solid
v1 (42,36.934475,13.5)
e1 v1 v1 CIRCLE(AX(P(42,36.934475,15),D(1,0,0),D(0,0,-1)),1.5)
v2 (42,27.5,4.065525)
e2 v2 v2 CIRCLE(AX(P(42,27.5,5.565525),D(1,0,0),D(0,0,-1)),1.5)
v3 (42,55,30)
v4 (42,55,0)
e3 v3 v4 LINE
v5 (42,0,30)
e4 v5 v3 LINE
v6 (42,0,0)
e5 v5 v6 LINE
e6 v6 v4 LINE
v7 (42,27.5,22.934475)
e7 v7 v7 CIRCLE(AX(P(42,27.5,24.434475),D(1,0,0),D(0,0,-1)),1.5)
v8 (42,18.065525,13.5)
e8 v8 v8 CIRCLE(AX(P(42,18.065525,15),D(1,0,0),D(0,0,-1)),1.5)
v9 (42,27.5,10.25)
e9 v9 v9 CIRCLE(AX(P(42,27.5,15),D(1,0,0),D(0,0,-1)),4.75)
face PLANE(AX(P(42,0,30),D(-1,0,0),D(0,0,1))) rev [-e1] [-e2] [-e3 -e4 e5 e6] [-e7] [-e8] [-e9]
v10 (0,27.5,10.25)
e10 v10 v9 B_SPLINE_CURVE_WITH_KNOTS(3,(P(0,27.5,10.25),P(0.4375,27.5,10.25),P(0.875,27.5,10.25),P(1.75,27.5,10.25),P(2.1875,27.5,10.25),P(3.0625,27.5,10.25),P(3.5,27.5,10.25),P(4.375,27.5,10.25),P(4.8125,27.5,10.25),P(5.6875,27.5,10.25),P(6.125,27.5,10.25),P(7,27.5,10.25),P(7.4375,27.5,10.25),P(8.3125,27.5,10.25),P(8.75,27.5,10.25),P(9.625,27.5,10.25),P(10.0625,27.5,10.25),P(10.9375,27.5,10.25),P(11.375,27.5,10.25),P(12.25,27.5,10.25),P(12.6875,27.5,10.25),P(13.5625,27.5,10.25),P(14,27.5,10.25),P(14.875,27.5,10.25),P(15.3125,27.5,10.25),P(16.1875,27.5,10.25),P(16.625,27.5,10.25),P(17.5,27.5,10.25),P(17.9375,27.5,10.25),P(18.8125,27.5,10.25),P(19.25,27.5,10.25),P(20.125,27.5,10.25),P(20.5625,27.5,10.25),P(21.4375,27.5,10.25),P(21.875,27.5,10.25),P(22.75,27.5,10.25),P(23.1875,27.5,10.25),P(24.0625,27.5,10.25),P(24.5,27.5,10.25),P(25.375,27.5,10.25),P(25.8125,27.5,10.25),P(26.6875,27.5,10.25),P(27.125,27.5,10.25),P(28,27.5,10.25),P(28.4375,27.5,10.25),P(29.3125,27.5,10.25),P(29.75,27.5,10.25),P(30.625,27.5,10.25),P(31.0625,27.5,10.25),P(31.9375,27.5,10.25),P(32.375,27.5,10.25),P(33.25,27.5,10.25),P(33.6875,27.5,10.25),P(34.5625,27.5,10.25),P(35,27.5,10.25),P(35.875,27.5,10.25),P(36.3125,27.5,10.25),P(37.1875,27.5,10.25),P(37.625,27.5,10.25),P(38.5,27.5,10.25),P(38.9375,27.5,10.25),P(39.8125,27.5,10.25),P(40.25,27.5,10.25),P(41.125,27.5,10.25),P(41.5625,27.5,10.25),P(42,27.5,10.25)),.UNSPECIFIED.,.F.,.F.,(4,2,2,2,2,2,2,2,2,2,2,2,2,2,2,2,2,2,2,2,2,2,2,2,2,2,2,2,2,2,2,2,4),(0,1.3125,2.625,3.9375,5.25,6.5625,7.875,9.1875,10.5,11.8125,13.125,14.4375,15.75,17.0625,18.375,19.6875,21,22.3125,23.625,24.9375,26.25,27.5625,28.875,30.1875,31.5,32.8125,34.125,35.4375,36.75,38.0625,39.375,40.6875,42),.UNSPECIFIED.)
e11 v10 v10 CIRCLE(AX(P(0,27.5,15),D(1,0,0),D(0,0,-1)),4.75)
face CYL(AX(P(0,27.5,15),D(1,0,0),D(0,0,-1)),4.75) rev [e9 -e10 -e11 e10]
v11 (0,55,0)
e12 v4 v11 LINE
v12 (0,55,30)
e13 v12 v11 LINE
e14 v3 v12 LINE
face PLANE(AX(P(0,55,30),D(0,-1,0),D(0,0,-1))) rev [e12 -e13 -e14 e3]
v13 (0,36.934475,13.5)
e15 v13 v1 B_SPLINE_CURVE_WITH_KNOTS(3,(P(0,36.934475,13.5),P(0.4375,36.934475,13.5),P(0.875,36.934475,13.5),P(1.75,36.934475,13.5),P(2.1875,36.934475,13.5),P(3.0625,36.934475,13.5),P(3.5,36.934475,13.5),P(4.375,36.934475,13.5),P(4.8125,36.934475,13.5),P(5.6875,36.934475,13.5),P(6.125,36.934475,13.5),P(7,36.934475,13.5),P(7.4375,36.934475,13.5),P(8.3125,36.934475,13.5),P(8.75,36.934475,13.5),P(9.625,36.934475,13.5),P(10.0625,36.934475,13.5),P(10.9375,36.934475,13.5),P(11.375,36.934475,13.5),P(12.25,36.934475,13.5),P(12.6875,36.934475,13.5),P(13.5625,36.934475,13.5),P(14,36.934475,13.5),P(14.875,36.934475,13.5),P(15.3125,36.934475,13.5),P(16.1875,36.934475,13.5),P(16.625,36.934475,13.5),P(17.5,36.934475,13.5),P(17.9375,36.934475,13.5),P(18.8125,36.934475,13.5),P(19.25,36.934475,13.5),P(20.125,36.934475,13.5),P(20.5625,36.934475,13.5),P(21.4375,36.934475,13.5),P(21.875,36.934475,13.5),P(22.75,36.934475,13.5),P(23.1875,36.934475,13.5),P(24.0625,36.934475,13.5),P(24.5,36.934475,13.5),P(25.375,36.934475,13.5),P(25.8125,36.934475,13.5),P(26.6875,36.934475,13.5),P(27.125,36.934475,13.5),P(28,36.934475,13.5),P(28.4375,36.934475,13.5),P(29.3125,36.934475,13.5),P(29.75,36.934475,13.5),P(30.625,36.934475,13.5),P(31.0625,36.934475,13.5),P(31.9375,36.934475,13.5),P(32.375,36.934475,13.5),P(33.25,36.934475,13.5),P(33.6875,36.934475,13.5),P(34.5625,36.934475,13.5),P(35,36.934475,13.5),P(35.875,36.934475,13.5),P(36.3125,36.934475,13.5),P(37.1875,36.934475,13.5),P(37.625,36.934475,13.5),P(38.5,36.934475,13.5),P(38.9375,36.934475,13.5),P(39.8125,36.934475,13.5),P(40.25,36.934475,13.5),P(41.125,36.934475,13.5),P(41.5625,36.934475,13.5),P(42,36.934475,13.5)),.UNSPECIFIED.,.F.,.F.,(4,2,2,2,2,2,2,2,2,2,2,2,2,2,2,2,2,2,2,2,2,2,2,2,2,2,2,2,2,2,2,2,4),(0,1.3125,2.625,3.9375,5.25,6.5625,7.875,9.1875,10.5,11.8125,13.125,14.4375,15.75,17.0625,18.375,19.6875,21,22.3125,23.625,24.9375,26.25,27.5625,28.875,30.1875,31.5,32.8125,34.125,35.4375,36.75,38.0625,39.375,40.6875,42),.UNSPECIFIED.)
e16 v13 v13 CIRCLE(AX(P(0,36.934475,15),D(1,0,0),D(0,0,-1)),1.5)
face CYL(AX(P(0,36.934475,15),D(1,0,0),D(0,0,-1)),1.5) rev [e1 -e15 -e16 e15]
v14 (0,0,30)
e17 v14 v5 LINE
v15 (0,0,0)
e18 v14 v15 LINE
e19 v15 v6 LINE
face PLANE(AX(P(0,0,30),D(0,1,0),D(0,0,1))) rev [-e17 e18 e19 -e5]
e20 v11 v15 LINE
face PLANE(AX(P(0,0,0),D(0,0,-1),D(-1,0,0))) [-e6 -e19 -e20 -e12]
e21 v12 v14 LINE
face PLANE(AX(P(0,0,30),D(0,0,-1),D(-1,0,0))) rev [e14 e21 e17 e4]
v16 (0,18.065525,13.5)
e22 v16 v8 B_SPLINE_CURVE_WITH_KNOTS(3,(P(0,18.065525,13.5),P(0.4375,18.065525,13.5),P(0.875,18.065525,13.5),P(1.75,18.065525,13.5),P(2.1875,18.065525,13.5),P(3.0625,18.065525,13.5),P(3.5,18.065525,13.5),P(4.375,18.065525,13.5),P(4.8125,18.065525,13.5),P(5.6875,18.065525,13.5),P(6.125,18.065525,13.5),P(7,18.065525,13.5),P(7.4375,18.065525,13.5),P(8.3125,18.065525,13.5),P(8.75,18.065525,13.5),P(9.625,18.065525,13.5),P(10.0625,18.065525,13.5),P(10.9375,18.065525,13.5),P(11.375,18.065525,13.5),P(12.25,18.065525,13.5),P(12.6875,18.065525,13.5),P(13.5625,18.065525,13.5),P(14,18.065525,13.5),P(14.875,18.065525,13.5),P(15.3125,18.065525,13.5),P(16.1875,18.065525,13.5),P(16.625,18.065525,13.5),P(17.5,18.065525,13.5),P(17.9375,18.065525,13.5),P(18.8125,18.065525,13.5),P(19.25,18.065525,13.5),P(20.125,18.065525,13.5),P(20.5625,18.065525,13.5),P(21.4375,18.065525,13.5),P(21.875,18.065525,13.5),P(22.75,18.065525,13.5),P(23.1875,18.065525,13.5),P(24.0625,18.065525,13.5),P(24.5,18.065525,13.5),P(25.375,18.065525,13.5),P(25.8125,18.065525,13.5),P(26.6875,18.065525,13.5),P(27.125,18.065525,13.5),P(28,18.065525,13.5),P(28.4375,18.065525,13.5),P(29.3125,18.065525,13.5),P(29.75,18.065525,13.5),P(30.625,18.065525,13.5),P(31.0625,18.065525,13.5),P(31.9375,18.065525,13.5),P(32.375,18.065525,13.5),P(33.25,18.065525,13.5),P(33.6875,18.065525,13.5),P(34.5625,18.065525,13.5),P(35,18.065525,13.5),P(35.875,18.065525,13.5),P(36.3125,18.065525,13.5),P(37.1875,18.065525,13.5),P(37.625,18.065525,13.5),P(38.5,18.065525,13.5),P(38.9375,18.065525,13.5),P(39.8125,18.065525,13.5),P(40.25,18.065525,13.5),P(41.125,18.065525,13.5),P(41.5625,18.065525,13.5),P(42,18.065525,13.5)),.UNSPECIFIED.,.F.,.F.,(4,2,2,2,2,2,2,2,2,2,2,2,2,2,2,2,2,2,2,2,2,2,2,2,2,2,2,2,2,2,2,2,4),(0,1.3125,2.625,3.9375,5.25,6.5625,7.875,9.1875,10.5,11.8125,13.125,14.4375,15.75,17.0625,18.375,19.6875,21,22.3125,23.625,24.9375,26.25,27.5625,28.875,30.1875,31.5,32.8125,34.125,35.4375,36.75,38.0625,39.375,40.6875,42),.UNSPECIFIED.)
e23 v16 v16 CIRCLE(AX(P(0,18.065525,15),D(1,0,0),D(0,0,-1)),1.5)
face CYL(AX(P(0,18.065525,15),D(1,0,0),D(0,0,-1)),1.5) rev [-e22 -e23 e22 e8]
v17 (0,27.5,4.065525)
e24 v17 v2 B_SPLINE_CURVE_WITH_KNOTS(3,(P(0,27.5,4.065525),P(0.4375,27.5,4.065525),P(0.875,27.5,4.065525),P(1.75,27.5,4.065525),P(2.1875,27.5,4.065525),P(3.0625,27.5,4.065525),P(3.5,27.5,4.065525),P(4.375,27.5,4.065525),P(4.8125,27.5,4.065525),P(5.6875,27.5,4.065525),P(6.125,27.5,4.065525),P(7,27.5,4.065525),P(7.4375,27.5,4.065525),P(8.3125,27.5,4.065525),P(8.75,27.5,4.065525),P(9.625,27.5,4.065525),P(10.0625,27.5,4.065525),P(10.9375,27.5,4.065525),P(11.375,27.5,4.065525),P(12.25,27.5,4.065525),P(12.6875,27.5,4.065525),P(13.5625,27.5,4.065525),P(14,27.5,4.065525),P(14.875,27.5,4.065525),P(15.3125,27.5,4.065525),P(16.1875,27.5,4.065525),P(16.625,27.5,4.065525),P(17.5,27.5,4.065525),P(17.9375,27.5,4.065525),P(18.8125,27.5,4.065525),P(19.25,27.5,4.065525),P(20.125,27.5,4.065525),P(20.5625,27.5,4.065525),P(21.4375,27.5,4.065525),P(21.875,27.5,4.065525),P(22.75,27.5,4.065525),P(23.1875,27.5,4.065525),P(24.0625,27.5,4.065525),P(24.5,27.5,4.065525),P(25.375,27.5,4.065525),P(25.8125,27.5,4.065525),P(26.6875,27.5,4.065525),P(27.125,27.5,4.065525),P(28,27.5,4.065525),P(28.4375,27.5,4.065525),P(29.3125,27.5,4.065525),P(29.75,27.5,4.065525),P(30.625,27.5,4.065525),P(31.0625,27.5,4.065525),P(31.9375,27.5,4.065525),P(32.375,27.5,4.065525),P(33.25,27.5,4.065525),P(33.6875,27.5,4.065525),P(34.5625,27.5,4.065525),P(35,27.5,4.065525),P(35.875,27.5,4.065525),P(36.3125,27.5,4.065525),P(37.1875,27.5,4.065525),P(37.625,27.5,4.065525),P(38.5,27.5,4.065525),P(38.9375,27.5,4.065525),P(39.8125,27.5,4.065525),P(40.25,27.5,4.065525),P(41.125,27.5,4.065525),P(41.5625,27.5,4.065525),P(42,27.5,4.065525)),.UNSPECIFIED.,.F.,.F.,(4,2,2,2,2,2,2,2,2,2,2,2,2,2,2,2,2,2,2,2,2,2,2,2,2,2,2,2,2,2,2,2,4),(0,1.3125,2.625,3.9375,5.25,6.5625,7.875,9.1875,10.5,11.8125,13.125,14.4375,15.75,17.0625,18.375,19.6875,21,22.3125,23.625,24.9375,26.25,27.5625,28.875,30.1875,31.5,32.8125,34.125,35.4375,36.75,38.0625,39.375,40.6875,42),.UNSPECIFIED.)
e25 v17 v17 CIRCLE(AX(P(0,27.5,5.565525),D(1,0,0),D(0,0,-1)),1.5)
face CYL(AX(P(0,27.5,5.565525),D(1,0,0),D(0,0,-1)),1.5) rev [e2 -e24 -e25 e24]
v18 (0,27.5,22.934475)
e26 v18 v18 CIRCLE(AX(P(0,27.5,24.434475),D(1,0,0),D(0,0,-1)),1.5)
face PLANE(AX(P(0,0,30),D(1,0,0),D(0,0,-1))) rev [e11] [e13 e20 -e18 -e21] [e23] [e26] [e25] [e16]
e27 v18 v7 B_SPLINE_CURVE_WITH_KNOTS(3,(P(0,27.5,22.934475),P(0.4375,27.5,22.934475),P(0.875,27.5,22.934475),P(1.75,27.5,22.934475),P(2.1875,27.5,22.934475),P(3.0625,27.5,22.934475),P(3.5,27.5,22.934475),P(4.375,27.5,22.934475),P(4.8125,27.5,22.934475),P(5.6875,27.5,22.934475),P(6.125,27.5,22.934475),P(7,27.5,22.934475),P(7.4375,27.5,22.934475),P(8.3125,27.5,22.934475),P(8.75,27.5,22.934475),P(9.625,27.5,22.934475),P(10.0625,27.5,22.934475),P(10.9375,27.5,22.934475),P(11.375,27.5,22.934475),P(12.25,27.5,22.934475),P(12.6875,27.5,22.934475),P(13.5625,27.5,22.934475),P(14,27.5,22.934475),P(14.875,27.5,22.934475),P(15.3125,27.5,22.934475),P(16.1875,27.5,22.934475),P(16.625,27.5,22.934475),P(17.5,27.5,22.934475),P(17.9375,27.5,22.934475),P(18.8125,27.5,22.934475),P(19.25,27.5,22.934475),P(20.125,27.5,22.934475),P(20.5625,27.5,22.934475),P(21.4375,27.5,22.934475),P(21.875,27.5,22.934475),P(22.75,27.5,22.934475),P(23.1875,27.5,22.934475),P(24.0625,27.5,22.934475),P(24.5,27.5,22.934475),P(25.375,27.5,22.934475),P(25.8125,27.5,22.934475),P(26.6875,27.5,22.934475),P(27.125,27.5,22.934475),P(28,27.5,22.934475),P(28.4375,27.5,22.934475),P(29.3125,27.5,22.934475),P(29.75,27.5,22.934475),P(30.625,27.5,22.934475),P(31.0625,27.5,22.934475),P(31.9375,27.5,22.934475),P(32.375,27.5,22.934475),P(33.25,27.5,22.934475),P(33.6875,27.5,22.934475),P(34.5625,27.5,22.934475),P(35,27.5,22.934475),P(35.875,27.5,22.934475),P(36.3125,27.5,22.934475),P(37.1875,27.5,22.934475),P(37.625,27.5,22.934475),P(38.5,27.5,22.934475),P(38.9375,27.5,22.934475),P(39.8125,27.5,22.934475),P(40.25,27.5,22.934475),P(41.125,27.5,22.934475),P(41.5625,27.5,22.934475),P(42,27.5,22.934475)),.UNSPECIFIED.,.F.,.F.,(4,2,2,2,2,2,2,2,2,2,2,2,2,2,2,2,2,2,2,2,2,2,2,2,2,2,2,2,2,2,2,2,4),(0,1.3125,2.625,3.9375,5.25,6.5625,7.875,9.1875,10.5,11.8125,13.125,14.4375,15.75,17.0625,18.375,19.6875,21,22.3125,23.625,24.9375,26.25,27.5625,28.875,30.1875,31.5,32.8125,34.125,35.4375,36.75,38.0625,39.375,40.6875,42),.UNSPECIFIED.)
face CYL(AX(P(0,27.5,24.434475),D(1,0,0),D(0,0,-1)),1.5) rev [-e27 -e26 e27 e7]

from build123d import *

# Parameters (mm, degrees)
SKETCH_1_W          = 42
SKETCH_1_H          = 55
EXTRUDE_1_DEPTH     = 30
SKETCH_2_R          = 4.75
SKETCH_2_R_2        = 1.5
CUT_EXTRUDE_1_DEPTH = 76.425459893


with BuildPart() as part:
    # Эскиз1 → Бобышка-Вытянуть1 (new body)
    with BuildSketch(Plane.XY):
        with Locations((21, 27.5)):
            Rectangle(SKETCH_1_W, SKETCH_1_H)
    extrude(amount=EXTRUDE_1_DEPTH)

    # Эскиз2 → Вырез-Вытянуть1 (cut, through all)
    with BuildSketch(Plane(origin=(42, 0, 0), x_dir=(0, 0, -1), z_dir=(1, 0, 0))):
        with Locations((-15, 27.5)):
            Circle(SKETCH_2_R)
        with Locations((-15, 36.934474839)):
            Circle(SKETCH_2_R_2)
        with Locations((-5.565525161, 27.5)):
            Circle(SKETCH_2_R_2)
        with Locations((-15, 18.065525161)):
            Circle(SKETCH_2_R_2)
        with Locations((-24.434474839, 27.5)):
            Circle(SKETCH_2_R_2)
    extrude(amount=-CUT_EXTRUDE_1_DEPTH, mode=Mode.SUBTRACT)


solid = part.part
